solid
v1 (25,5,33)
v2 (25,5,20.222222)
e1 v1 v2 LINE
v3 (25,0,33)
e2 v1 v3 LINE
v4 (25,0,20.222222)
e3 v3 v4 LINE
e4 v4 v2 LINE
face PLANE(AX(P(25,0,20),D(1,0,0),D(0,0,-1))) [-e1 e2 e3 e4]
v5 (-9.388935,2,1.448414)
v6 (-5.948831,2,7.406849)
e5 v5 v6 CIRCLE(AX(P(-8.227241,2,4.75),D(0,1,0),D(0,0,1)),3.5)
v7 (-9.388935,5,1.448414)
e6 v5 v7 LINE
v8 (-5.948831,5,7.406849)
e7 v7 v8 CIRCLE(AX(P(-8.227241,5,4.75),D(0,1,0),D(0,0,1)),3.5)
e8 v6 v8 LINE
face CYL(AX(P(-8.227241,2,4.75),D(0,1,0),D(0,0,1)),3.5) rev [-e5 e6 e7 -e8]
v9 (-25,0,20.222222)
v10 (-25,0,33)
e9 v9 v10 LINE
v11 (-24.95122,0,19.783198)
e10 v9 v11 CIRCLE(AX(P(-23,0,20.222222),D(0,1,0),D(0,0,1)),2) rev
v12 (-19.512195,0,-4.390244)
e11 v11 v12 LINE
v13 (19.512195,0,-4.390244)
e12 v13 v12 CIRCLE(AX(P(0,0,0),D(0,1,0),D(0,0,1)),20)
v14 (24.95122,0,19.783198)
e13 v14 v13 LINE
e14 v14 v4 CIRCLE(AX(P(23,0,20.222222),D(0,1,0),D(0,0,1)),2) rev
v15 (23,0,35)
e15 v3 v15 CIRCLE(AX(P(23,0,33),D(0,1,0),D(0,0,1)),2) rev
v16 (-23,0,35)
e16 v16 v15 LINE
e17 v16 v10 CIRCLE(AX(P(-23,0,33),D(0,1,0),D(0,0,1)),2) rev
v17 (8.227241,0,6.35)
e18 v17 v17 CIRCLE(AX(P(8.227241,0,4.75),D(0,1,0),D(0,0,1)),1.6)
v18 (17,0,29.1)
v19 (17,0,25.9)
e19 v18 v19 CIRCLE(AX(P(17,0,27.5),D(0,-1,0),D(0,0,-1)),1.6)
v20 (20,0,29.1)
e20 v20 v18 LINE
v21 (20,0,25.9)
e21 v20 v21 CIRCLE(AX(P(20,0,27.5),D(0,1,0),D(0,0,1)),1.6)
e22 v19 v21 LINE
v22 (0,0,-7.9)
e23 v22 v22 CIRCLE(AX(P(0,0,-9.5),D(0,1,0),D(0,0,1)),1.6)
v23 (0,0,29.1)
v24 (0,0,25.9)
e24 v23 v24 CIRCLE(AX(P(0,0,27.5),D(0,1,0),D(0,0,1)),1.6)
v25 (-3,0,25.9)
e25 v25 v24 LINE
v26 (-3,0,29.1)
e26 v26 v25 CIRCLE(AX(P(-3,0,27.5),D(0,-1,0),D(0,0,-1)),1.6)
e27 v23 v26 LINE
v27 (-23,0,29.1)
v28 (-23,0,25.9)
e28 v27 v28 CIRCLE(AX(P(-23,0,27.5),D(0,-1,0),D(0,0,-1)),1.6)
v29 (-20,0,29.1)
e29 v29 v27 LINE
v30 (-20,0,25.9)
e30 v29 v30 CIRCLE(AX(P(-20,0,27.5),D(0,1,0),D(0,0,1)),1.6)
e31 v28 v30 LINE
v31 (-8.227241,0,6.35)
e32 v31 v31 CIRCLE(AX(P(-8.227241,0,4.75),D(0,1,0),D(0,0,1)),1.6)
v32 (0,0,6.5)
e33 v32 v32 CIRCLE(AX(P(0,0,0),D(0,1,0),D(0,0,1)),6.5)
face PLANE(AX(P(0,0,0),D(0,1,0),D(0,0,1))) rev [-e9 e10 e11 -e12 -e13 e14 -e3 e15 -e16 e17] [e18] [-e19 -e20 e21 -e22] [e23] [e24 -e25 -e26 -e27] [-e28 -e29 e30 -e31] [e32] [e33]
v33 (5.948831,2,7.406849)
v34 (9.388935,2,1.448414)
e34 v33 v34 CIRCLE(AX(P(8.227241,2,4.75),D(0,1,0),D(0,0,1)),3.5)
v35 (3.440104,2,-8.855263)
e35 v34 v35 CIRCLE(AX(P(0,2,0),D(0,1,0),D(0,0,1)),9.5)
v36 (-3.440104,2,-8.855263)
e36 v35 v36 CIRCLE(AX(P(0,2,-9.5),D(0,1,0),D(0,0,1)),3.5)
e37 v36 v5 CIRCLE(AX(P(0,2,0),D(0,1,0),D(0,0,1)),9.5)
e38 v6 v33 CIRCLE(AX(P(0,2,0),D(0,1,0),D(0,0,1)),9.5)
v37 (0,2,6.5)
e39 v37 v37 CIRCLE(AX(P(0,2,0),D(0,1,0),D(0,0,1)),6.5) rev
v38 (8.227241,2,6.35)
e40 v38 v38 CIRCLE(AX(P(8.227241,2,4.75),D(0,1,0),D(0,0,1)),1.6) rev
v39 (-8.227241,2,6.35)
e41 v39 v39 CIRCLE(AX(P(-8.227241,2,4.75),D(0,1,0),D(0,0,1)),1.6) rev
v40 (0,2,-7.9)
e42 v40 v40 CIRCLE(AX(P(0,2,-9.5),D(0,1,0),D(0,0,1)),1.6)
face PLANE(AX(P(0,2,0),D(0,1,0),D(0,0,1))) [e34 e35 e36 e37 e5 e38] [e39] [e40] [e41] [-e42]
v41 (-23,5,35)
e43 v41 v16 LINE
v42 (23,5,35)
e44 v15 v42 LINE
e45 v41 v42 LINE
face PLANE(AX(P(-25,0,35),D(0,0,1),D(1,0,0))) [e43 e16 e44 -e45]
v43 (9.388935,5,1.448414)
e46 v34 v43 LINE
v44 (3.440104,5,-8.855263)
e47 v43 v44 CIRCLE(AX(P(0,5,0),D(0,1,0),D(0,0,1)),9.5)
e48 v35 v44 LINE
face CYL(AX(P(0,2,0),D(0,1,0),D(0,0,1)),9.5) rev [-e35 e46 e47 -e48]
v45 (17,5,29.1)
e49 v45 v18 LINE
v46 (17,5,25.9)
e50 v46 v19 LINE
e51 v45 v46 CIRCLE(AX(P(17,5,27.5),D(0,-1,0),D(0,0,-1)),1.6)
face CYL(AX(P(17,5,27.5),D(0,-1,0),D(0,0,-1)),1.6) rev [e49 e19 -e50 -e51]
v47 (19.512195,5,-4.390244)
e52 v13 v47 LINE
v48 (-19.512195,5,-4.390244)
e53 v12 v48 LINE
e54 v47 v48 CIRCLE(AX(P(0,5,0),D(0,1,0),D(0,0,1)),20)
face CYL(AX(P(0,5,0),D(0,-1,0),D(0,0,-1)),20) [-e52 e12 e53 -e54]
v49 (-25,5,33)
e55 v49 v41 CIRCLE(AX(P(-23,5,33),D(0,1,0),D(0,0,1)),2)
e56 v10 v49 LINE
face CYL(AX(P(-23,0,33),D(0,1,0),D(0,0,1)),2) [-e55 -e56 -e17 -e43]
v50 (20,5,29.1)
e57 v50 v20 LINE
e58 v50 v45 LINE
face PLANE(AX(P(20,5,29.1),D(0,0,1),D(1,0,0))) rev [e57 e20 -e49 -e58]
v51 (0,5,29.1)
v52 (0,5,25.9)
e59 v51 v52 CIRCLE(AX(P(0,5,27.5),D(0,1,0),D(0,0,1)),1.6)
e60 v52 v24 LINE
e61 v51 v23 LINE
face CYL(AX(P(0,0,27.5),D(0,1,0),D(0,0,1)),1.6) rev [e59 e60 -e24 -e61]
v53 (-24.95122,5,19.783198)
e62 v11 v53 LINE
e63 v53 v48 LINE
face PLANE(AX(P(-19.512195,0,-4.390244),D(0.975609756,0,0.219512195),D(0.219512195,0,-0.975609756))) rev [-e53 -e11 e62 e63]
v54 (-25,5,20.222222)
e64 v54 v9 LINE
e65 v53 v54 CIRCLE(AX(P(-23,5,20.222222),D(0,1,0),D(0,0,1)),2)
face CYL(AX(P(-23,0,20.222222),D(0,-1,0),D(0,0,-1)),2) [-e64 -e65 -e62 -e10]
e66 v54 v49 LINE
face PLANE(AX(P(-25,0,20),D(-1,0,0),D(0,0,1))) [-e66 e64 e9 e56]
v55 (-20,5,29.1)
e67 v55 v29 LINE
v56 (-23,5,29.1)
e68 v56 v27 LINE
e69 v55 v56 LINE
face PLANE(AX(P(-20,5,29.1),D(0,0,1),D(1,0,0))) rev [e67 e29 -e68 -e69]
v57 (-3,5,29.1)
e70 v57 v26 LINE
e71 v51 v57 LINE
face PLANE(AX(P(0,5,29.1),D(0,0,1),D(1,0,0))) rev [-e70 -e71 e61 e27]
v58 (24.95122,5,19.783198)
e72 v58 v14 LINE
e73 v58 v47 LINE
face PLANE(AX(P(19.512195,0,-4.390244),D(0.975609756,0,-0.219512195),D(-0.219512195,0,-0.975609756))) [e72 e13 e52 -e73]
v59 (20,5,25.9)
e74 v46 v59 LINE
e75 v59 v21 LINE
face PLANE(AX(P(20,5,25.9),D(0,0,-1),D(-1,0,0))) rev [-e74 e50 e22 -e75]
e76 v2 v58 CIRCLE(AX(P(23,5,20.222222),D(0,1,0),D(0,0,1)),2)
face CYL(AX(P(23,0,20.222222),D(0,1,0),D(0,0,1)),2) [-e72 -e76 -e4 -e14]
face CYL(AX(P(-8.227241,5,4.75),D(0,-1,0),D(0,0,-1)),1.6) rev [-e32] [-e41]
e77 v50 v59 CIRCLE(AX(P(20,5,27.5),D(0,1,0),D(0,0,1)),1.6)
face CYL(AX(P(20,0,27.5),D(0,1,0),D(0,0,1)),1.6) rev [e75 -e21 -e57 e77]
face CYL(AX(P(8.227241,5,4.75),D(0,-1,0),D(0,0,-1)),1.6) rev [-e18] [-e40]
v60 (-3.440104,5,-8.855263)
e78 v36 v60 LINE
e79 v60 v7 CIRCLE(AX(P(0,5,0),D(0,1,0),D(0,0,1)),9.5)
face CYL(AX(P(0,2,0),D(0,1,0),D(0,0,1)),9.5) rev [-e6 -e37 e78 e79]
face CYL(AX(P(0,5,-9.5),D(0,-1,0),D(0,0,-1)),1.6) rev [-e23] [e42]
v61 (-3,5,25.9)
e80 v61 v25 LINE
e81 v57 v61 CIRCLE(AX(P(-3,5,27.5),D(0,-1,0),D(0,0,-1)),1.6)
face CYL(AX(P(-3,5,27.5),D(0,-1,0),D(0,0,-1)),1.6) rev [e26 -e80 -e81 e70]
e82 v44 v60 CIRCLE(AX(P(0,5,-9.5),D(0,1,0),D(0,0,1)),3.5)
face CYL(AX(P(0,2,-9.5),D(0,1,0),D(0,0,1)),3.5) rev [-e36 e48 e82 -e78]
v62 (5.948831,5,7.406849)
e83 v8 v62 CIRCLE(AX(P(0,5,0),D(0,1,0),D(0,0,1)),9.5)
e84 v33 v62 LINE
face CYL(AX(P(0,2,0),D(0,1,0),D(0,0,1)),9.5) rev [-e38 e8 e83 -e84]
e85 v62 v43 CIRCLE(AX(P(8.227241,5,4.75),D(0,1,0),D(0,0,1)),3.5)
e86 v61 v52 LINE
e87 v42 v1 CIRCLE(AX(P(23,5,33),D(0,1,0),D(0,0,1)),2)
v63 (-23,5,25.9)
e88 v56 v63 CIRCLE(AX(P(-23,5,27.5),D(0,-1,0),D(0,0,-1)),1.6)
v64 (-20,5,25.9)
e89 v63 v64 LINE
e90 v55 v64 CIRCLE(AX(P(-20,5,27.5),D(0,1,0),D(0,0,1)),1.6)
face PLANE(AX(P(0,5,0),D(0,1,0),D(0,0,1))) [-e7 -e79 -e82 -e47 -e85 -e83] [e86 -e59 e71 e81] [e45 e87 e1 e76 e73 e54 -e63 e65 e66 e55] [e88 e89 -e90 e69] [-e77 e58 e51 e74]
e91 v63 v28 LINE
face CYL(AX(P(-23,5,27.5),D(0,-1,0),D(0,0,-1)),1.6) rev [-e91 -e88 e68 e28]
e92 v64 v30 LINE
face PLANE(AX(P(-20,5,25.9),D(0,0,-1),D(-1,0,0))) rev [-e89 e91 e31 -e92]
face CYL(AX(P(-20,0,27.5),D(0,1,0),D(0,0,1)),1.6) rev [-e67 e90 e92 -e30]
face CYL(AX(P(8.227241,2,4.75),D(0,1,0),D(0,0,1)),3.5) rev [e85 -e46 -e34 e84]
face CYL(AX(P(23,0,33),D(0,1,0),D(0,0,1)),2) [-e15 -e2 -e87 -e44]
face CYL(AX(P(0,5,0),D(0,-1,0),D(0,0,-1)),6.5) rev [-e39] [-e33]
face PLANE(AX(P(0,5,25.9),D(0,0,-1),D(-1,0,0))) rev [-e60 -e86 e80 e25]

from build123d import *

# Parameters (mm, degrees)
SKETCH_1_R          = 20
SKETCH_1_R_2        = 6.5
SKETCH_1_R_3        = 1.6
EXTRUDE_1_DEPTH     = 5
SKETCH_2_W          = 50
SKETCH_2_H          = 15
SKETCH_2_R          = 1.6
EXTRUDE_2_DEPTH     = 5
EXTRUDE_START       = -5
EXTRUDE_4_DEPTH     = 5
CUT_EXTRUDE_START   = -3
SKETCH_5_R          = 9.5
SKETCH_5_R_2        = 3.5
SKETCH_5_R_3        = 1.6
SKETCH_5_R_4        = 6.5
CUT_EXTRUDE_1_DEPTH = 3
FILLET_1_R          = 2
CUT_EXTRUDE_2_DEPTH = 44.301270189


with BuildPart() as part:
    # 草图1 → 凸台-拉伸1 (new body)
    with BuildSketch(Plane(origin=(0, 0, 0), x_dir=(1, 0, 0), z_dir=(0, 1, 0))):
        with Locations(Location((0, 0, 0), (0, 0, 270))):
            Circle(SKETCH_1_R)
        with Locations(Location((0, 0, 0), (0, 0, 270))):
            Circle(SKETCH_1_R_2, mode=Mode.SUBTRACT)
        with Locations(Location((0, 9.5, 0), (0, 0, 270))):
            Circle(SKETCH_1_R_3, mode=Mode.SUBTRACT)
        with Locations(Location((8.227241336, -4.75, 0), (0, 0, 270))):
            Circle(SKETCH_1_R_3, mode=Mode.SUBTRACT)
        with Locations(Location((-8.227241336, -4.75, 0), (0, 0, 270))):
            Circle(SKETCH_1_R_3, mode=Mode.SUBTRACT)
    extrude(amount=EXTRUDE_1_DEPTH)



with BuildPart() as body_2:
    # 草图2 → 凸台-拉伸2 (new body)
    with BuildSketch(Plane(origin=(0, 5, 0), x_dir=(1, 0, 0), z_dir=(0, 1, 0))):
        with Locations((0, -27.5)):
            Rectangle(SKETCH_2_W, SKETCH_2_H)
        with Locations(Location((-20, -27.5, 0), (0, 0, 270))):
            Circle(SKETCH_2_R, mode=Mode.SUBTRACT)
        with Locations(Location((20, -27.5, 0), (0, 0, 270))):
            Circle(SKETCH_2_R, mode=Mode.SUBTRACT)
        with Locations(Location((0, -27.5, 0), (0, 0, 270))):
            Circle(SKETCH_2_R, mode=Mode.SUBTRACT)
    extrude(amount=-EXTRUDE_2_DEPTH)


with BuildPart() as part_1:
    add(part.part)

    add(body_2.part)  # 凸台-拉伸4 merges body 2
    # 草图4 → 凸台-拉伸4 (add)
    with BuildSketch(Plane(origin=(0, 5, 0), x_dir=(1, 0, 0), z_dir=(0, 1, 0)).offset(EXTRUDE_START)):
        with BuildLine():
            Line((-19.512195122, 4.390243902), (-25, -20))
            Line((-25, -20), (0, -20))
            ThreePointArc((0, -20), (-15.617376189, -12.493900951), (-19.512195122, 4.390243902))
        make_face()
        with BuildLine():
            ThreePointArc((20, 0), (14.142135624, -14.142135624), (0, -20))
            Line((0, -20), (25, -20))
            Line((25, -20), (19.512195122, 4.390243902))
            ThreePointArc((19.512195122, 4.390243902), (19.877674693, 2.208630521), (20, 0))
        make_face()
    extrude(amount=EXTRUDE_4_DEPTH)

    # 草图5 → 切除-拉伸1 (cut)
    # profile 1 of 25: a face of its own
    with BuildSketch(Plane(origin=(0, 5, 0), x_dir=(1, 0, 0), z_dir=(0, 1, 0)).offset(CUT_EXTRUDE_START)):
        Circle(SKETCH_5_R)
    # profile 2 of 25: a face of its own
    with BuildSketch(Plane(origin=(0, 5, 0), x_dir=(1, 0, 0), z_dir=(0, 1, 0)).offset(CUT_EXTRUDE_START)):
        with Locations((-8.227241336, -4.75)):
            Circle(SKETCH_5_R_2)
        with Locations(Location((-8.227241336, -4.75, 0), (0, 0, 270))):
            Circle(SKETCH_5_R_3, mode=Mode.SUBTRACT)
    # profile 3 of 25: a face of its own
    with BuildSketch(Plane(origin=(0, 5, 0), x_dir=(1, 0, 0), z_dir=(0, 1, 0)).offset(CUT_EXTRUDE_START)):
        with Locations((-8.227241336, -4.75)):
            Circle(SKETCH_5_R_2)
        with Locations(Location((-8.227241336, -4.75, 0), (0, 0, 270))):
            Circle(SKETCH_5_R_3, mode=Mode.SUBTRACT)
    # profile 4 of 25: a face of its own
    with BuildSketch(Plane(origin=(0, 5, 0), x_dir=(1, 0, 0), z_dir=(0, 1, 0)).offset(CUT_EXTRUDE_START)):
        Circle(SKETCH_5_R)
        with Locations(Location((0, 0, 0), (0, 0, 270))):
            Circle(SKETCH_5_R_4, mode=Mode.SUBTRACT)
    # profile 5 of 25: a face of its own
    with BuildSketch(Plane(origin=(0, 5, 0), x_dir=(1, 0, 0), z_dir=(0, 1, 0)).offset(CUT_EXTRUDE_START)):
        with Locations((-8.227241336, -4.75)):
            Circle(SKETCH_5_R_2)
    # profile 6 of 25: a face of its own
    with BuildSketch(Plane(origin=(0, 5, 0), x_dir=(1, 0, 0), z_dir=(0, 1, 0)).offset(CUT_EXTRUDE_START)):
        with Locations((0, 9.5)):
            Circle(SKETCH_5_R_2)
    # profile 7 of 25: a face of its own
    with BuildSketch(Plane(origin=(0, 5, 0), x_dir=(1, 0, 0), z_dir=(0, 1, 0)).offset(CUT_EXTRUDE_START)):
        Circle(SKETCH_5_R)
        with Locations(Location((0, 0, 0), (0, 0, 270))):
            Circle(SKETCH_5_R_4, mode=Mode.SUBTRACT)
    # profile 8 of 25: a face of its own
    with BuildSketch(Plane(origin=(0, 5, 0), x_dir=(1, 0, 0), z_dir=(0, 1, 0)).offset(CUT_EXTRUDE_START)):
        with Locations((-8.227241336, -4.75)):
            Circle(SKETCH_5_R_2)
    # profile 9 of 25: a face of its own
    with BuildSketch(Plane(origin=(0, 5, 0), x_dir=(1, 0, 0), z_dir=(0, 1, 0)).offset(CUT_EXTRUDE_START)):
        with Locations((0, 9.5)):
            Circle(SKETCH_5_R_2)
        with Locations(Location((0, 9.5, 0), (0, 0, 270))):
            Circle(SKETCH_5_R_3, mode=Mode.SUBTRACT)
    # profile 10 of 25: a face of its own
    with BuildSketch(Plane(origin=(0, 5, 0), x_dir=(1, 0, 0), z_dir=(0, 1, 0)).offset(CUT_EXTRUDE_START)):
        Circle(SKETCH_5_R)
        with Locations(Location((0, 0, 0), (0, 0, 270))):
            Circle(SKETCH_5_R_4, mode=Mode.SUBTRACT)
    # profile 11 of 25: a face of its own
    with BuildSketch(Plane(origin=(0, 5, 0), x_dir=(1, 0, 0), z_dir=(0, 1, 0)).offset(CUT_EXTRUDE_START)):
        Circle(SKETCH_5_R)
    # profile 12 of 25: a face of its own
    with BuildSketch(Plane(origin=(0, 5, 0), x_dir=(1, 0, 0), z_dir=(0, 1, 0)).offset(CUT_EXTRUDE_START)):
        with Locations((0, 9.5)):
            Circle(SKETCH_5_R_2)
        with Locations(Location((0, 9.5, 0), (0, 0, 270))):
            Circle(SKETCH_5_R_3, mode=Mode.SUBTRACT)
    # profile 13 of 25: a face of its own
    with BuildSketch(Plane(origin=(0, 5, 0), x_dir=(1, 0, 0), z_dir=(0, 1, 0)).offset(CUT_EXTRUDE_START)):
        Circle(SKETCH_5_R)
    # profile 14 of 25: a face of its own
    with BuildSketch(Plane(origin=(0, 5, 0), x_dir=(1, 0, 0), z_dir=(0, 1, 0)).offset(CUT_EXTRUDE_START)):
        with Locations((8.227241336, -4.75)):
            Circle(SKETCH_5_R_2)
        with Locations(Location((8.227241336, -4.75, 0), (0, 0, 270))):
            Circle(SKETCH_5_R_3, mode=Mode.SUBTRACT)
    # profile 15 of 25: a face of its own
    with BuildSketch(Plane(origin=(0, 5, 0), x_dir=(1, 0, 0), z_dir=(0, 1, 0)).offset(CUT_EXTRUDE_START)):
        with Locations((8.227241336, -4.75)):
            Circle(SKETCH_5_R_2)
        with Locations(Location((8.227241336, -4.75, 0), (0, 0, 270))):
            Circle(SKETCH_5_R_3, mode=Mode.SUBTRACT)
    # profile 16 of 25: a face of its own
    with BuildSketch(Plane(origin=(0, 5, 0), x_dir=(1, 0, 0), z_dir=(0, 1, 0)).offset(CUT_EXTRUDE_START)):
        Circle(SKETCH_5_R)
        with Locations(Location((0, 0, 0), (0, 0, 270))):
            Circle(SKETCH_5_R_4, mode=Mode.SUBTRACT)
    # profile 17 of 25: a face of its own
    with BuildSketch(Plane(origin=(0, 5, 0), x_dir=(1, 0, 0), z_dir=(0, 1, 0)).offset(CUT_EXTRUDE_START)):
        with Locations((8.227241336, -4.75)):
            Circle(SKETCH_5_R_2)
    # profile 18 of 25: a face of its own
    with BuildSketch(Plane(origin=(0, 5, 0), x_dir=(1, 0, 0), z_dir=(0, 1, 0)).offset(CUT_EXTRUDE_START)):
        Circle(SKETCH_5_R)
        with Locations(Location((0, 0, 0), (0, 0, 270))):
            Circle(SKETCH_5_R_4, mode=Mode.SUBTRACT)
    # profile 19 of 25: a face of its own
    with BuildSketch(Plane(origin=(0, 5, 0), x_dir=(1, 0, 0), z_dir=(0, 1, 0)).offset(CUT_EXTRUDE_START)):
        with Locations((0, 9.5)):
            Circle(SKETCH_5_R_2)
    # profile 20 of 25: a face of its own
    with BuildSketch(Plane(origin=(0, 5, 0), x_dir=(1, 0, 0), z_dir=(0, 1, 0)).offset(CUT_EXTRUDE_START)):
        with Locations((-8.227241336, -4.75)):
            Circle(SKETCH_5_R_2)
    # profile 21 of 25: a face of its own
    with BuildSketch(Plane(origin=(0, 5, 0), x_dir=(1, 0, 0), z_dir=(0, 1, 0)).offset(CUT_EXTRUDE_START)):
        Circle(SKETCH_5_R)
        with Locations(Location((0, 0, 0), (0, 0, 270))):
            Circle(SKETCH_5_R_4, mode=Mode.SUBTRACT)
    # profile 22 of 25: a face of its own
    with BuildSketch(Plane(origin=(0, 5, 0), x_dir=(1, 0, 0), z_dir=(0, 1, 0)).offset(CUT_EXTRUDE_START)):
        with Locations(Location((0, 0, 0), (0, 0, 270))):
            Circle(SKETCH_5_R_4)
    # profile 23 of 25: a face of its own
    with BuildSketch(Plane(origin=(0, 5, 0), x_dir=(1, 0, 0), z_dir=(0, 1, 0)).offset(CUT_EXTRUDE_START)):
        with Locations((8.227241336, -4.75)):
            Circle(SKETCH_5_R_2)
    # profile 24 of 25: a face of its own
    with BuildSketch(Plane(origin=(0, 5, 0), x_dir=(1, 0, 0), z_dir=(0, 1, 0)).offset(CUT_EXTRUDE_START)):
        with Locations((8.227241336, -4.75)):
            Circle(SKETCH_5_R_2)
    # profile 25 of 25: a face of its own
    with BuildSketch(Plane(origin=(0, 5, 0), x_dir=(1, 0, 0), z_dir=(0, 1, 0)).offset(CUT_EXTRUDE_START)):
        with Locations(Location((0, 0, 0), (0, 0, 270))):
            Circle(SKETCH_5_R_4)
    extrude(amount=CUT_EXTRUDE_1_DEPTH, mode=Mode.SUBTRACT)

    # 圆角1
    fillet_1_edges = [part_1.edges().sort_by_distance(p)[0] for p in [
        (-25, 2.5, 20),
        (25, 2.5, 20),
        (25, 2.5, 35),
        (-25, 2.5, 35),
    ]]
    fillet(fillet_1_edges, radius=FILLET_1_R)

    # 草图6 → 切除-拉伸2 (cut, through all)
    with BuildSketch(Plane.XZ):
        with BuildLine():
            Line((20, 25.9), (17, 25.9))
            ThreePointArc((17, 25.9), (15.4, 27.5), (17, 29.1))
            Line((17, 29.1), (20, 29.1))
            ThreePointArc((20, 29.1), (21.6, 27.5), (20, 25.9))
        make_face()
        with BuildLine():
            Line((0, 25.9), (-3, 25.9))
            ThreePointArc((-3, 25.9), (-4.6, 27.5), (-3, 29.1))
            Line((-3, 29.1), (0, 29.1))
            ThreePointArc((0, 29.1), (1.6, 27.5), (0, 25.9))
        make_face()
        with BuildLine():
            Line((-20, 25.9), (-23, 25.9))
            ThreePointArc((-23, 25.9), (-24.6, 27.5), (-23, 29.1))
            Line((-23, 29.1), (-20, 29.1))
            ThreePointArc((-20, 29.1), (-18.4, 27.5), (-20, 25.9))
        make_face()
    extrude(amount=-CUT_EXTRUDE_2_DEPTH, mode=Mode.SUBTRACT)


solid = part_1.part
